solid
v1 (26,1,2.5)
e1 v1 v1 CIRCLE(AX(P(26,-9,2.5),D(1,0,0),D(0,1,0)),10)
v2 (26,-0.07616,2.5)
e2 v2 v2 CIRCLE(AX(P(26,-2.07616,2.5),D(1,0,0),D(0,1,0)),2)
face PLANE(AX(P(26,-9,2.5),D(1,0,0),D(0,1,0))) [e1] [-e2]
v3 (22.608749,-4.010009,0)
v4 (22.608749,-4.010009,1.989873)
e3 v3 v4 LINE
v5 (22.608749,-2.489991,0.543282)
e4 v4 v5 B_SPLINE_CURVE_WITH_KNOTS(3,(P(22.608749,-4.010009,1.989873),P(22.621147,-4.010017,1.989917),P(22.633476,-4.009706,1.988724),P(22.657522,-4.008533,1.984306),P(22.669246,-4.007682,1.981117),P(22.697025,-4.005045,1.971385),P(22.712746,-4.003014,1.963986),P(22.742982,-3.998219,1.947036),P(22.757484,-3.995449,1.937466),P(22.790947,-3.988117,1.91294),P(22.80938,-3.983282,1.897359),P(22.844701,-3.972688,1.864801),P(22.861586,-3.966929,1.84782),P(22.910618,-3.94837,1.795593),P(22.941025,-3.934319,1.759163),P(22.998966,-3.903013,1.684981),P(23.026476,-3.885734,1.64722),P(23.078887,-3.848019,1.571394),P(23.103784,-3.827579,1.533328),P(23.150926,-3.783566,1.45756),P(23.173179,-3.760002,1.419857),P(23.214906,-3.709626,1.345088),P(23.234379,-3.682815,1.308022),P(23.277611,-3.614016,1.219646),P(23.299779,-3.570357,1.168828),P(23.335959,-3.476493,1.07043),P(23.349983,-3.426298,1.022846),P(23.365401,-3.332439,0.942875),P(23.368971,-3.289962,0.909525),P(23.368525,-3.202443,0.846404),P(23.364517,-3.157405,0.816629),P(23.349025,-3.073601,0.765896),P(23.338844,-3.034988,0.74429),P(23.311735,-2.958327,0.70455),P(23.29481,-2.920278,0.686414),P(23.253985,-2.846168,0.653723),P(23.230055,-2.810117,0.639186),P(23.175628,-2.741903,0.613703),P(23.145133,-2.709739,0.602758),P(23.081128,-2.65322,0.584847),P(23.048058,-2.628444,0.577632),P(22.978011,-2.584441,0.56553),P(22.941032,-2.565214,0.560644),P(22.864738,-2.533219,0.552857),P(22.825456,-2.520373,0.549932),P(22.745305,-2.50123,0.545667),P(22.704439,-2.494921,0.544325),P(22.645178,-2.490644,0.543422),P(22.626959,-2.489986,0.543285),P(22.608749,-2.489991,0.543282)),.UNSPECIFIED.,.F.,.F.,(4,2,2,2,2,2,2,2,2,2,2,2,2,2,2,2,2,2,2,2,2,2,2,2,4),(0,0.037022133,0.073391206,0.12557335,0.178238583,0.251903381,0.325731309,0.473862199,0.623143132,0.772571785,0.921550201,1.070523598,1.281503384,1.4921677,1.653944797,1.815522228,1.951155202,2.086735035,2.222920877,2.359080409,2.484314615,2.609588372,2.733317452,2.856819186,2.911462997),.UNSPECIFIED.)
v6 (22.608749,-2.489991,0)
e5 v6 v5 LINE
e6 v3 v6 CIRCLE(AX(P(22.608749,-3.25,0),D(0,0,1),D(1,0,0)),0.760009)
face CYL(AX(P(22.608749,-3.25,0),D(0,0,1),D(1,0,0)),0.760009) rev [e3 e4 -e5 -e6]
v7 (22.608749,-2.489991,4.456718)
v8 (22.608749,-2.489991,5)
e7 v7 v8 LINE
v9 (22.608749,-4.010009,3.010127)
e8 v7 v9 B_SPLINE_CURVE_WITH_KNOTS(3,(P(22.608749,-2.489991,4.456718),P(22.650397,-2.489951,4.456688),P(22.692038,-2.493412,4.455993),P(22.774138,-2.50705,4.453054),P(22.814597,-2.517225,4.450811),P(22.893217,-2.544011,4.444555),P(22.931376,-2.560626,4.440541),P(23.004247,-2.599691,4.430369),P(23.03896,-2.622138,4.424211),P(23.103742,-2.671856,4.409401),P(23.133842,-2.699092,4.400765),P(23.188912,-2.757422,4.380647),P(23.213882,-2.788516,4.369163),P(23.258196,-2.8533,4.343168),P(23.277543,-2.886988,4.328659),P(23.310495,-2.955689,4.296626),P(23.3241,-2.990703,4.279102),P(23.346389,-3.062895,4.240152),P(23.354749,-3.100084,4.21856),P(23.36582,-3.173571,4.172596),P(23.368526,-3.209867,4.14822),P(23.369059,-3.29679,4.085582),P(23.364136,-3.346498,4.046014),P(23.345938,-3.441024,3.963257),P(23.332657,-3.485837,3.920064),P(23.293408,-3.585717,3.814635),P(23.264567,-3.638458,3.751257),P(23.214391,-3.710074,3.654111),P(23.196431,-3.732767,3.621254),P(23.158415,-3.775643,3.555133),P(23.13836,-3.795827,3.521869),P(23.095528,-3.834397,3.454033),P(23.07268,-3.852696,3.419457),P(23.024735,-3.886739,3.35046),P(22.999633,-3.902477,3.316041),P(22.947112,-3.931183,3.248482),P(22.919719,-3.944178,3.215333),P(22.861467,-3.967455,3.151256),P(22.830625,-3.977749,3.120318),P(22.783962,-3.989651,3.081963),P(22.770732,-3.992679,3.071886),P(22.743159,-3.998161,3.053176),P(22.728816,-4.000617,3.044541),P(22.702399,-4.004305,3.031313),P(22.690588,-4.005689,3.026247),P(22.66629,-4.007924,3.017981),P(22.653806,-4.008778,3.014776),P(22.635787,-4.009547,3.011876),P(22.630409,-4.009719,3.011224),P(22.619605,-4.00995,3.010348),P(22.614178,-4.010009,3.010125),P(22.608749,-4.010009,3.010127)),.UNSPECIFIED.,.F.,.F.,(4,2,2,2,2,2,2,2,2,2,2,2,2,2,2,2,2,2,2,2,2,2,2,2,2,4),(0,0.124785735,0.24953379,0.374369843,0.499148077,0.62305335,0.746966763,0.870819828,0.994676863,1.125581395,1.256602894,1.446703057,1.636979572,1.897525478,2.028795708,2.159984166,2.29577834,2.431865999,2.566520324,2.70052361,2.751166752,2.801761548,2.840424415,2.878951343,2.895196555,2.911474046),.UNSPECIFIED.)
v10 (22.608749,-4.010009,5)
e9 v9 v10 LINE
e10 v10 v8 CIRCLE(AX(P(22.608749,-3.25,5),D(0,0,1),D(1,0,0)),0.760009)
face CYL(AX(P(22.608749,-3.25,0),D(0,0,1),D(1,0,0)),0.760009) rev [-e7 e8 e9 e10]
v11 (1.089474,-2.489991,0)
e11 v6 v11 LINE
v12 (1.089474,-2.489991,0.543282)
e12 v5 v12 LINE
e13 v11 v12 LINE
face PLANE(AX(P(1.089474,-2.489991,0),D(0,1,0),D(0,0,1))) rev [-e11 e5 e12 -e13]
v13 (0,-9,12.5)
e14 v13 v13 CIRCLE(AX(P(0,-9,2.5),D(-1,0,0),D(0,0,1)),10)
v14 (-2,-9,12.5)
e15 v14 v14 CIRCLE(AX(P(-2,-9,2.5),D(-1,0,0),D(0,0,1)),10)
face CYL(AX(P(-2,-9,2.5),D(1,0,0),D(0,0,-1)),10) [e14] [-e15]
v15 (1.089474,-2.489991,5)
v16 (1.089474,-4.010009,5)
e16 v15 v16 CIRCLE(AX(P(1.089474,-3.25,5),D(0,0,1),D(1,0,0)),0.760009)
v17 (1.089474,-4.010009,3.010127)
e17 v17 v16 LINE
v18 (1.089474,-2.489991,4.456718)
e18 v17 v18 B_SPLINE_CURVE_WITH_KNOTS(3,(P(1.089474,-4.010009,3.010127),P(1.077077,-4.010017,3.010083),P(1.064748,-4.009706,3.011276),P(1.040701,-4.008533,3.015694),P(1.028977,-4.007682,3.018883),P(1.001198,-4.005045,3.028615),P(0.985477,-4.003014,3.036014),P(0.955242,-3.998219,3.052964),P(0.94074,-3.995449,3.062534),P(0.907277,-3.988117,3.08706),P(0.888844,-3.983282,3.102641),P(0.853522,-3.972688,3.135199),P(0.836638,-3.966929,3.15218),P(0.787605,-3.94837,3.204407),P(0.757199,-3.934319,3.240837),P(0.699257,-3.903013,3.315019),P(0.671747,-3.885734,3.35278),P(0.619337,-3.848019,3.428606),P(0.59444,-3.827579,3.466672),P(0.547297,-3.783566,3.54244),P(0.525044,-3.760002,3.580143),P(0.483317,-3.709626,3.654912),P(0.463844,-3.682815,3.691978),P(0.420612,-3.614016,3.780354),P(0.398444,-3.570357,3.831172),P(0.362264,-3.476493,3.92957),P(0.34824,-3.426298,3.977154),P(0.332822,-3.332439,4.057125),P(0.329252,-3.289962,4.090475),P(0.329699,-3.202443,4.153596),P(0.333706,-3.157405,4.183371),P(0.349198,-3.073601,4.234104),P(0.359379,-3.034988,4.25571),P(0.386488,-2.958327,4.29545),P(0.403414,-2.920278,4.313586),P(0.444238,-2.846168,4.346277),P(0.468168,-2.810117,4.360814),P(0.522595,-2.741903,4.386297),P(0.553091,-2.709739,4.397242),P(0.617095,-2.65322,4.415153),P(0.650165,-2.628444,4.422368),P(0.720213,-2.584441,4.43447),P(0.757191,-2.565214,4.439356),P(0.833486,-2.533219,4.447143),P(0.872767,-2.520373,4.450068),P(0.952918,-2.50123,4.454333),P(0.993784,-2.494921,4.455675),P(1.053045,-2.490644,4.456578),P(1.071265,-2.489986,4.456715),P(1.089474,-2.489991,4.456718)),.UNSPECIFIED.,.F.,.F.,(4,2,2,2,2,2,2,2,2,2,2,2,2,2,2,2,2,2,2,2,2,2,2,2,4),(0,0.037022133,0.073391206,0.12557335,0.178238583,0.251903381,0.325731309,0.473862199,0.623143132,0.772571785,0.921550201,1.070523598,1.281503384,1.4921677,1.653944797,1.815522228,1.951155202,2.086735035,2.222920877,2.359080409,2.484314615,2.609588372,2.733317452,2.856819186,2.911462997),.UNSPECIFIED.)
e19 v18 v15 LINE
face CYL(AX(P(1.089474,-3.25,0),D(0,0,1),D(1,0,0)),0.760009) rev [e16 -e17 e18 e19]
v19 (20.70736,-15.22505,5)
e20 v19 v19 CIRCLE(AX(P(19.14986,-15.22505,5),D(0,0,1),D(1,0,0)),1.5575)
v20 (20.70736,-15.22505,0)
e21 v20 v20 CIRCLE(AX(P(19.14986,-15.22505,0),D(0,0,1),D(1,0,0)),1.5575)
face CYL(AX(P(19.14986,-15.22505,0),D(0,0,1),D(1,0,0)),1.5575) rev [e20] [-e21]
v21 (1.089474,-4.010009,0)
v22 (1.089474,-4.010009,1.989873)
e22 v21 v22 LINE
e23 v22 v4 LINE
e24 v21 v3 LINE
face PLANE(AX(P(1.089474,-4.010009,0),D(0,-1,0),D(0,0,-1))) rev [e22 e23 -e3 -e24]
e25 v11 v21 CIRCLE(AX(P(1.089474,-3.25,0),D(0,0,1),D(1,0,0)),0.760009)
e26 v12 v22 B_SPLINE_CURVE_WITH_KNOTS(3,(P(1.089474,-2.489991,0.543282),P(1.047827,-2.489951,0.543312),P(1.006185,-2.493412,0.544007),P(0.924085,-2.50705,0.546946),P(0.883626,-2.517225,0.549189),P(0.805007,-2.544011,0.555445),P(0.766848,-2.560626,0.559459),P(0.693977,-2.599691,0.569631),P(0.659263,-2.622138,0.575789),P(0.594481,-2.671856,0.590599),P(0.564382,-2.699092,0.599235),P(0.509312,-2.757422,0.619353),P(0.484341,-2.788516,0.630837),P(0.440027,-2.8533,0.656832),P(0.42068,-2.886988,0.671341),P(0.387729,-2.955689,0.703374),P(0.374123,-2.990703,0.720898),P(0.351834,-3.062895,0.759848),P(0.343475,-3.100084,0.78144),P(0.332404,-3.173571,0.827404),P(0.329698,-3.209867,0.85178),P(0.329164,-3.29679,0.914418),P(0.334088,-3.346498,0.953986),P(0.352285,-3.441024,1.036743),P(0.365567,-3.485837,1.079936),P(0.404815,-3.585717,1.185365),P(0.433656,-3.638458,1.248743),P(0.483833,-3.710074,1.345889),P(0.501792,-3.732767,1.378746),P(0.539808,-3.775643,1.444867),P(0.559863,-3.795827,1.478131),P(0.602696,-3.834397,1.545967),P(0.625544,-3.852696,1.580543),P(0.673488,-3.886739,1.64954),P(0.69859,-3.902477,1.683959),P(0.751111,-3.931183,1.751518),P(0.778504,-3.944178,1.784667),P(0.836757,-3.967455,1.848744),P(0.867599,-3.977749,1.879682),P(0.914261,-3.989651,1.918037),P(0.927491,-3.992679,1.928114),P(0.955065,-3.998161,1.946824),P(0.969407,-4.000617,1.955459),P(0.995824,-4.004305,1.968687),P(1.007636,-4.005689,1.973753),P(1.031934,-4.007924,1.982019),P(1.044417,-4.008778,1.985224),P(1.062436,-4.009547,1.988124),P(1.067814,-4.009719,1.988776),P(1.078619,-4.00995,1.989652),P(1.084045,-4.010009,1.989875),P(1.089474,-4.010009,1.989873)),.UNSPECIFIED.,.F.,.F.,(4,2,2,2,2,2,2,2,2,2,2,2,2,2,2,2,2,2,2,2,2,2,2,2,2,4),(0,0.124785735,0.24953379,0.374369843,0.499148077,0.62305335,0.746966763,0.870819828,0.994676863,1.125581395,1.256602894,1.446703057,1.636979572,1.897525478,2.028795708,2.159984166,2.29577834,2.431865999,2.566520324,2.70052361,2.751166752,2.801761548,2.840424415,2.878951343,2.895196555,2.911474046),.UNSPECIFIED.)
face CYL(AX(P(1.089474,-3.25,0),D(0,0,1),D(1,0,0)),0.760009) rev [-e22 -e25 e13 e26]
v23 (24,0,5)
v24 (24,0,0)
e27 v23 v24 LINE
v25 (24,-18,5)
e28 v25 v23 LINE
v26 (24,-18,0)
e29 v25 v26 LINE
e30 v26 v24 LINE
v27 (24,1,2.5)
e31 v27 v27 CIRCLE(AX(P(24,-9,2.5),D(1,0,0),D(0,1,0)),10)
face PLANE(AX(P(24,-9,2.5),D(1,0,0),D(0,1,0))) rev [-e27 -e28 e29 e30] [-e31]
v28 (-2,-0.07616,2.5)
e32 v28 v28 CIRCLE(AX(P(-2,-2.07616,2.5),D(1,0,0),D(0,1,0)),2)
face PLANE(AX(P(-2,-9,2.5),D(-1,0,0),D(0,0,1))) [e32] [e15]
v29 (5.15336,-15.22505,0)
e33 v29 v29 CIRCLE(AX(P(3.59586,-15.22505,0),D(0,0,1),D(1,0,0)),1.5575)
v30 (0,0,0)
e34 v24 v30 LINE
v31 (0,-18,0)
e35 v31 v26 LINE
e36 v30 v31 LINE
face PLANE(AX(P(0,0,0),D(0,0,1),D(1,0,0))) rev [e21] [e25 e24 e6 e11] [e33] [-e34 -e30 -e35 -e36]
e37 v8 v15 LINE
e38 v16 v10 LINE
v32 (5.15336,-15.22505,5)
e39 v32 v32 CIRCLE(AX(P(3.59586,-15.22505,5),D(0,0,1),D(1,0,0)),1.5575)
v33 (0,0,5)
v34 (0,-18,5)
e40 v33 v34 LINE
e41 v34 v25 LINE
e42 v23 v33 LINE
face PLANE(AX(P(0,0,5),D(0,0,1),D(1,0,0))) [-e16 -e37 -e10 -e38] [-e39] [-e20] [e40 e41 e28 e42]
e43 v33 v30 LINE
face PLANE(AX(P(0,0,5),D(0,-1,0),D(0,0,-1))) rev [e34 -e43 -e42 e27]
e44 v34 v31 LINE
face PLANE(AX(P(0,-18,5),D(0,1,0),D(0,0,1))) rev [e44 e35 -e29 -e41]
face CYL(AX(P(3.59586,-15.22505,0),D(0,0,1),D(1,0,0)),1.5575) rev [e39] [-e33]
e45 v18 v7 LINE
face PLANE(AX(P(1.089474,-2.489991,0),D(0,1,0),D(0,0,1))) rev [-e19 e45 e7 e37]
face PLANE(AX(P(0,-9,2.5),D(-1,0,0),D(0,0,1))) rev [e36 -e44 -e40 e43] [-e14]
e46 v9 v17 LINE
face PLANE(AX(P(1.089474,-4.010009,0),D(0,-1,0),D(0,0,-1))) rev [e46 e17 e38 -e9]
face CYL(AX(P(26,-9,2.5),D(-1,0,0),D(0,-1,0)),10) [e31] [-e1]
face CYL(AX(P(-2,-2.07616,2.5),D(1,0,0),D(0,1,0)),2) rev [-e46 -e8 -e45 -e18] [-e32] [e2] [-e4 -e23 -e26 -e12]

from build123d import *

# Parameters (mm, degrees)
SKETCH1_W           = 24
SKETCH1_H           = 18
BOSS_EXTRUDE1_DEPTH = 5
SKETCH3_R           = 1.5575
CUT_EXTRUDE1_DEPTH  = 6
CUT_EXTRUDE2_DEPTH  = 6
SKETCH5_R           = 10
BOSS_EXTRUDE3_DEPTH = 2
SKETCH6_R           = 10
BOSS_EXTRUDE4_DEPTH = 2
SKETCH7_R           = 2
CUT_EXTRUDE3_DEPTH  = 29


with BuildPart() as part:
    # Sketch1 → Boss-Extrude1 (new body)
    with BuildSketch(Plane.XY):
        with Locations((12, -9)):
            Rectangle(SKETCH1_W, SKETCH1_H)
    extrude(amount=BOSS_EXTRUDE1_DEPTH)

    # Sketch3 → Cut-Extrude1 (cut, through all)
    with BuildSketch(Plane.XY.offset(5)):
        with Locations((3.59586, -15.22505)):
            Circle(SKETCH3_R)
        with Locations((19.14986, -15.22505)):
            Circle(SKETCH3_R)
    extrude(amount=-CUT_EXTRUDE1_DEPTH, mode=Mode.SUBTRACT)

    # Sketch4 → Cut-Extrude2 (cut, through all)
    with BuildSketch(Plane.XY.offset(5)):
        with BuildLine():
            Line((1.089474394, -2.489991356), (22.608748961, -2.489991356))
            ThreePointArc((22.608748961, -2.489991356), (23.368757605, -3.25), (22.608748961, -4.010008644))
            Line((22.608748961, -4.010008644), (1.089474394, -4.010008644))
            ThreePointArc((1.089474394, -4.010008644), (0.32946575, -3.25), (1.089474394, -2.489991356))
        make_face()
    extrude(amount=-CUT_EXTRUDE2_DEPTH, mode=Mode.SUBTRACT)

    # Sketch5 → Boss-Extrude3 (add)
    with BuildSketch(Plane.ZY):
        with Locations((2.5, -9)):
            Circle(SKETCH5_R)
    extrude(amount=BOSS_EXTRUDE3_DEPTH)

    # Sketch6 → Boss-Extrude4 (add)
    with BuildSketch(Plane(origin=(24, 0, 0), x_dir=(0, 0, -1), z_dir=(1, 0, 0))):
        with Locations((-2.5, -9)):
            Circle(SKETCH6_R)
    extrude(amount=BOSS_EXTRUDE4_DEPTH)

    # Sketch7 → Cut-Extrude3 (cut, through all)
    with BuildSketch(Plane(origin=(26, 0, 0), x_dir=(0, 0, -1), z_dir=(1, 0, 0))):
        with Locations((-2.5, -2.07616)):
            Circle(SKETCH7_R)
    extrude(amount=-CUT_EXTRUDE3_DEPTH, mode=Mode.SUBTRACT)


solid = part.part
